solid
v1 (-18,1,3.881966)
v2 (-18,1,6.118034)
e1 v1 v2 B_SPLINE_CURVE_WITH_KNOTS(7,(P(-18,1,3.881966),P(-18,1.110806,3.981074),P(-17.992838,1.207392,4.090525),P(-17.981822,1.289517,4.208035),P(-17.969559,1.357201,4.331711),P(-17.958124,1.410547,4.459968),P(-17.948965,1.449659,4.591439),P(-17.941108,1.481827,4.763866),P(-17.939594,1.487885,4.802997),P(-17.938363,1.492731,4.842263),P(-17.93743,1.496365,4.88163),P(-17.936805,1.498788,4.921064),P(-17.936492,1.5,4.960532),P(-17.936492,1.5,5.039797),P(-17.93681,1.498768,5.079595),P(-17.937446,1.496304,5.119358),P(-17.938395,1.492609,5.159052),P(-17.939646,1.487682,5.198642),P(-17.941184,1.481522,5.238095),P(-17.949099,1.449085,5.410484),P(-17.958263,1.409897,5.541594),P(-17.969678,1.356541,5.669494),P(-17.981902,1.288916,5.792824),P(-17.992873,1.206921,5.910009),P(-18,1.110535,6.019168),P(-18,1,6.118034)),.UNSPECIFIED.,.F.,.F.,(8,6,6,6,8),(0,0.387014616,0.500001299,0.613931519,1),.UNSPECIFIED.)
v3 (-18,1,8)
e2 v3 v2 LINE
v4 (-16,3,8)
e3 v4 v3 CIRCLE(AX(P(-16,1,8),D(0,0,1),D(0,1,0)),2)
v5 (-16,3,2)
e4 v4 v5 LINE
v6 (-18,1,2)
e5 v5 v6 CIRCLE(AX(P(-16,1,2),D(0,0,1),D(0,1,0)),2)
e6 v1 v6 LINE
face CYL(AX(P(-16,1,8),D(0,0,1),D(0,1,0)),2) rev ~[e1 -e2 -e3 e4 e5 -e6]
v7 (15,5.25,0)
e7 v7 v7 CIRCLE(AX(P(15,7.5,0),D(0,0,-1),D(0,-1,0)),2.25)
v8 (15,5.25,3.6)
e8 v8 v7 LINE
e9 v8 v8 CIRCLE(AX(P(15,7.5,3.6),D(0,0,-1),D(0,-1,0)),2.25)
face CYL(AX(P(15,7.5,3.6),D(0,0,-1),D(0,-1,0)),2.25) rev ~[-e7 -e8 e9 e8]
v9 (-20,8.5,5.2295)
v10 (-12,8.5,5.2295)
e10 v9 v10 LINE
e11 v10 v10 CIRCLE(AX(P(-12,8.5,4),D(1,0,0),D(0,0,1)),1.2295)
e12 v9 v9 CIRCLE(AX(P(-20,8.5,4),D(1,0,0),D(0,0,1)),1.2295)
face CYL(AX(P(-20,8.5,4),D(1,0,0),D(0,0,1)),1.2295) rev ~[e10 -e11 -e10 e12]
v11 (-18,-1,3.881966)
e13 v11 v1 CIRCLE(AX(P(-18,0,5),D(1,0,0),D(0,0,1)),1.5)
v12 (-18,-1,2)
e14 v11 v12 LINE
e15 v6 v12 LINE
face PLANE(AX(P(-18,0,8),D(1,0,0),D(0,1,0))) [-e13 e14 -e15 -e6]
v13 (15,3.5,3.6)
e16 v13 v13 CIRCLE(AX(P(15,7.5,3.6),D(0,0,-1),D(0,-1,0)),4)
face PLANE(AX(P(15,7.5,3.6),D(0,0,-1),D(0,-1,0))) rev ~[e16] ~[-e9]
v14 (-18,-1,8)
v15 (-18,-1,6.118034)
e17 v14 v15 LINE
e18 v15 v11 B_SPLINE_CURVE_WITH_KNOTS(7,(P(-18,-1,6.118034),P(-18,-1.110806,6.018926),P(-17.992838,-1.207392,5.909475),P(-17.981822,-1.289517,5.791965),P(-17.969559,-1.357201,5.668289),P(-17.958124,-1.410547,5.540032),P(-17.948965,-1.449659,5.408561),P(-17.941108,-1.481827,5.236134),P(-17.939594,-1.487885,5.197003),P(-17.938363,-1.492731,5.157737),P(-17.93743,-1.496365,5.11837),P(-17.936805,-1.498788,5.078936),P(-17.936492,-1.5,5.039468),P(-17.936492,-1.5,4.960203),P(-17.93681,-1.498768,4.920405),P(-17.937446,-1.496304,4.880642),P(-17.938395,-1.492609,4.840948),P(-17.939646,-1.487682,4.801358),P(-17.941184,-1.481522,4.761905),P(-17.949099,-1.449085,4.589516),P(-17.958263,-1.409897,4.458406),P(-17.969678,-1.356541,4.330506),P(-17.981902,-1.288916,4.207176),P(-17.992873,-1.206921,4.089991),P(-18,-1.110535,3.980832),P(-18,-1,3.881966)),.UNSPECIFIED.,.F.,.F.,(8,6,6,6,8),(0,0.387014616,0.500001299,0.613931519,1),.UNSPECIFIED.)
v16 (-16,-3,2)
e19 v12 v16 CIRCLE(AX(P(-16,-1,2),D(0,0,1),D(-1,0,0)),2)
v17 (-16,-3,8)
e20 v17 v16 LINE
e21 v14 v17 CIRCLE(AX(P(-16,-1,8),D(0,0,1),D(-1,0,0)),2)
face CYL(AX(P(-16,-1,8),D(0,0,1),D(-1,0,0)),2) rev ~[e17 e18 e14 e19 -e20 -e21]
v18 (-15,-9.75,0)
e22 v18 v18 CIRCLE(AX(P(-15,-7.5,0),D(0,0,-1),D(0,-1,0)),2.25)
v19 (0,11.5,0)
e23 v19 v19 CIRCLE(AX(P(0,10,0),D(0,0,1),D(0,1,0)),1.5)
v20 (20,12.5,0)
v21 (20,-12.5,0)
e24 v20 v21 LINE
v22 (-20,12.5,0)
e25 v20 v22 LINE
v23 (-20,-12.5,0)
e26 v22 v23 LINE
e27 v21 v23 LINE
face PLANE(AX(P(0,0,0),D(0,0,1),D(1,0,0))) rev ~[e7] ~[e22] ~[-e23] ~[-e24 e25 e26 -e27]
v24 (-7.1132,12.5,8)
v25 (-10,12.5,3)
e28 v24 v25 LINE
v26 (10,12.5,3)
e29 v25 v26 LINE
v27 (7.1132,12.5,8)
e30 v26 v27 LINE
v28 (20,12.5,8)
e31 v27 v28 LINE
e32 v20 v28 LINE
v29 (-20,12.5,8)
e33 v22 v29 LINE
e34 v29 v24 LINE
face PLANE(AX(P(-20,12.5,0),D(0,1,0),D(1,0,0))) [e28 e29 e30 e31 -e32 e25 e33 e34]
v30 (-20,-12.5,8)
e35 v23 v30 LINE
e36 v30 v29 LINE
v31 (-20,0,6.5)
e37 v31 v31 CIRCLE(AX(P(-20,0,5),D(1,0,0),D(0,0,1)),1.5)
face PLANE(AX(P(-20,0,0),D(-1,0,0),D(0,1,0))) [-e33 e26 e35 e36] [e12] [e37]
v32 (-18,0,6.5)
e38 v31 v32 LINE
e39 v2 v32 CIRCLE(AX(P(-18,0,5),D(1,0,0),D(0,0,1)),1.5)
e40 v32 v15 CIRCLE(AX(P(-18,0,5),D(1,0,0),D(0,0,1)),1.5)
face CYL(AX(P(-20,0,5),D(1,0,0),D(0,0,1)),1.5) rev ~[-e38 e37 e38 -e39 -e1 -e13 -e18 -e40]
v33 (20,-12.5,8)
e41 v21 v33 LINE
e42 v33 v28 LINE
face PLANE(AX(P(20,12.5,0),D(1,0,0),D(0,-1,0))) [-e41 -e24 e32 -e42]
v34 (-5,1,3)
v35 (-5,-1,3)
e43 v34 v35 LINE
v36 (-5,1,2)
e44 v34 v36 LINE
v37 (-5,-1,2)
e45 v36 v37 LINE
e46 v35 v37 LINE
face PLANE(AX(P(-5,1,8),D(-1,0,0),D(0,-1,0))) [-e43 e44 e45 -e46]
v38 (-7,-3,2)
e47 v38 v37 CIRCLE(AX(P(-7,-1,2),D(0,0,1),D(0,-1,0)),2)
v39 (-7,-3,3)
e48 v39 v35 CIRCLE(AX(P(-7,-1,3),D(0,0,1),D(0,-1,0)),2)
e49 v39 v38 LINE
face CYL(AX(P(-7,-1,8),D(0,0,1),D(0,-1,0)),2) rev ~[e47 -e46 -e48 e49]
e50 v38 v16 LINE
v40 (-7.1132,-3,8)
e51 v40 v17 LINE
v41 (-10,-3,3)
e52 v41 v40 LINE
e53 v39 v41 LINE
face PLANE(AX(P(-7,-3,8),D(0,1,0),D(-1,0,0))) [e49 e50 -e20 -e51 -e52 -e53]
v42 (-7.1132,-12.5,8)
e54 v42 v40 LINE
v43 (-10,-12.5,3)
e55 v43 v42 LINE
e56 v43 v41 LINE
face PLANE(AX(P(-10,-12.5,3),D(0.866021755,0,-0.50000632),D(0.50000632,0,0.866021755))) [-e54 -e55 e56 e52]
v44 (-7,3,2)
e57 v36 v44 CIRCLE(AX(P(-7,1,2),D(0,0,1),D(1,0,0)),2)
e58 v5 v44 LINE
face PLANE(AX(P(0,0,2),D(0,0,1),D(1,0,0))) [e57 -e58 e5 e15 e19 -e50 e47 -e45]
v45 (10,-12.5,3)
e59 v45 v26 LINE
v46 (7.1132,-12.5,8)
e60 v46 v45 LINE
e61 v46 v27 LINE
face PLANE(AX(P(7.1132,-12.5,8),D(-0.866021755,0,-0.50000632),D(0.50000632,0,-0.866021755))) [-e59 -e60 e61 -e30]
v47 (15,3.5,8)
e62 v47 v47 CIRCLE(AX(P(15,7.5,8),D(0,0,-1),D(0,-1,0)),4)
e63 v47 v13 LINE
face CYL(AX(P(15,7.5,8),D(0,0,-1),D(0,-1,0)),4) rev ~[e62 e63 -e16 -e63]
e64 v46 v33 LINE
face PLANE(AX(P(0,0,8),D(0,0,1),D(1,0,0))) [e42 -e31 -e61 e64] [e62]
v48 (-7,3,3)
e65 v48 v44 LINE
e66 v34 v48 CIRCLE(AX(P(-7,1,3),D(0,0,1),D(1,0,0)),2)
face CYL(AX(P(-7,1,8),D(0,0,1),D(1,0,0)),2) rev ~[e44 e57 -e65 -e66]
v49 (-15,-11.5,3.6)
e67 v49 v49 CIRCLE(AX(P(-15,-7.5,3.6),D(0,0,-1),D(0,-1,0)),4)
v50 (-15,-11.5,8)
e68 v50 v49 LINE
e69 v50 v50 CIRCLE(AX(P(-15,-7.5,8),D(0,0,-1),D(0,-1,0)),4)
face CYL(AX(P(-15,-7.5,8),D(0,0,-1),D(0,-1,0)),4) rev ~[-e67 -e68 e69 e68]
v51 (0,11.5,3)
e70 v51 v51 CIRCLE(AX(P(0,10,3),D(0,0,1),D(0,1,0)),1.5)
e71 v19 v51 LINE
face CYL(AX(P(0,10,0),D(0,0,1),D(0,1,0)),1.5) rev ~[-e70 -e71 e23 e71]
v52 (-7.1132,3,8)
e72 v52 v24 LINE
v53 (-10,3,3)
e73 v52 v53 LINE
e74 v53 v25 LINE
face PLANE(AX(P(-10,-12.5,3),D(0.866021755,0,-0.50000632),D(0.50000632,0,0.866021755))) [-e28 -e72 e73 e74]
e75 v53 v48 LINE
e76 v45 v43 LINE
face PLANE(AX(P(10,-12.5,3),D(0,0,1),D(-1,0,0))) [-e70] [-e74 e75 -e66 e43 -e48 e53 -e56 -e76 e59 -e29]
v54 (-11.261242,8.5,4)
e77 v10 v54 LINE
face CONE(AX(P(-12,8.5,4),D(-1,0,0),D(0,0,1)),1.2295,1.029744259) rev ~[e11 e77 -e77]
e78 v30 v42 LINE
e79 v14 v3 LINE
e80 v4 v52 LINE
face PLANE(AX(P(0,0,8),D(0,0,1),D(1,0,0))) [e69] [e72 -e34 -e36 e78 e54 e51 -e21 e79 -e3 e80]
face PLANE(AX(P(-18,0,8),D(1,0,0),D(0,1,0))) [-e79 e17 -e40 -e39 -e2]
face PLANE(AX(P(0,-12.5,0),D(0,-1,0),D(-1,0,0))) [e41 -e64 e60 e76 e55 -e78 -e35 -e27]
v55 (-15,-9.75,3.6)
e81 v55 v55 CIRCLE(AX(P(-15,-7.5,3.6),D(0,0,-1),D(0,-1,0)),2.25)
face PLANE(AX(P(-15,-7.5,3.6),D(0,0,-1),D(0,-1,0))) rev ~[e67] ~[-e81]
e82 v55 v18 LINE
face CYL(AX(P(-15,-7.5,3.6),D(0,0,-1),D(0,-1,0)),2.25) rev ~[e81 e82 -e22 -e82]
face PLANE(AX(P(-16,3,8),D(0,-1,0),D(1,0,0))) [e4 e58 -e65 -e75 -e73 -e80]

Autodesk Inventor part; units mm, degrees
ref_plane "YZ Plane" through (0, 0, 0) normal (1, 0, 0) x (0, 1, 0)
ref_plane "XZ Plane" through (0, 0, 0) normal (0, 1, 0) x (-1, 0, 0)
ref_plane "XY Plane" through (0, 0, 0) normal (0, 0, 1) x (1, 0, 0)
sketch "Skizze1" plane through (0, 0, 0) normal (0, 0, 1) x (1, 0, 0)
  line L0 (-20, 12.5) -> (20, 12.5)
  line L1 (20, 12.5) -> (20, -12.5)
  line L2 (20, -12.5) -> (-20, -12.5)
  line L3 (-20, -12.5) -> (-20, 12.5)
  line L4 (-28, 0) -> (28, 0) projected
  line L5 (0, -17.5) -> (0, 17.5) projected
  point P0 (0, 0)
  dimension "d0" = 40
  dimension "d1" = 25
extrude "Extrusion1" add sketch "Skizze1" along normal blind 8
sketch "Skizze2" plane through (0, 0, 8) normal (0, 0, 1) x (1, 0, 0)
  line L0 (-28, 0) -> (28, 0) projected
  line L1 (0, -17.5) -> (0, 17.5) projected
  line L2 (-15, 7.5) -> (15, 7.5)
  line L3 (15, 7.5) -> (15, -7.5)
  line L4 (15, -7.5) -> (-15, -7.5)
  line L5 (-15, -7.5) -> (-15, 7.5)
  point P0 (0, 0)
  dimension "d4" = 15
  dimension "d5" = 30
hole "Bohrung1" at (-15, -7.5, 8) at (15, 7.5, 8) direction (0, 0, -1) diameter 4.5 end through all counterbore diameter 8 counterbore depth 4.4
sketch "Skizze5" plane through (-20, -12.5, 0) normal (0, -1, 0) x (1, 0, 0)
  line L0 (40, 8) -> (0, 8) projected
  line L1 (-8, 0) -> (48, 0) projected
  line L2 (20, -1.6) -> (20, 9.6) projected
  line L3 (12.8868, 8) -> (27.1132, 8)
  line L4 (27.1132, 8) -> (30, 3)
  line L5 (30, 3) -> (10, 3)
  line L6 (10, 3) -> (12.8868, 8)
  point P0 (20, 0)
  dimension "d37" = 5
  dimension "d38" = 60
  dimension "d39" = 20
extrude "Extrusion2" cut sketch "Skizze5" against normal through all
sketch "Skizze6" plane through (0, 0, 0) normal (0, 0, -1) x (-1, 0, 0)
  line L0 (28, 0) -> (-28, 0) projected
  line L1 (0, -17.5) -> (0, 17.5) projected
  point P0 (0, 0)
  point P1 (0, 10)
  dimension "d42" = 10
hole "Bohrung5" at (0, 10, 0) direction (0, 0, 1) diameter 3 end through all
sketch "Skizze7" plane through (0, 0, 8) normal (0, 0, 1) x (1, 0, 0)
  line L0 (-20, -12.5) -> (-20, 12.5) projected
  line L1 (-28, 0) -> (28, 0) projected
  line L2 (0, -17.5) -> (0, 17.5) projected
  line L3 (-16, 3) -> (-7, 3)
  line L4 (-5, 1) -> (-5, -1)
  line L5 (-7, -3) -> (-16, -3)
  line L6 (-18, -1) -> (-18, 1)
  arc A0 (-16, 3) -> (-18, 1) centre (-16, 1) ccw
  arc A1 (-18, -1) -> (-16, -3) centre (-16, -1) ccw
  arc A2 (-7, -3) -> (-5, -1) centre (-7, -1) ccw
  arc A3 (-5, 1) -> (-7, 3) centre (-7, 1) ccw
  point P0 (0, 0)
  dimension "d53" = 2
  dimension "d54" = 15
  dimension "d55" = 13
  dimension "d56" = 2
  dimension "d57" = 6
extrude "Extrusion3" cut sketch "Skizze7" against normal blind 6
sketch "Skizze8" plane through (-20, -12.5, 0) normal (-1, 0, 0) x (0, 0, 1)
  line L0 (8, 0) -> (8, 25) projected
  line L1 (8, 15.5) -> (3, 15.5) projected
  line L2 (8, 15.5) -> (2, 15.5) projected
  line L3 (3, 15.5) -> (2, 15.5) projected
  line L4 (3.6, 1) -> (3.6, 9) projected
  line L5 (3, 9.5) -> (2, 9.5) projected
  line L6 (8, 9.5) -> (2, 9.5) projected
  line L7 (3, 9.5) -> (8, 9.5) projected
  line L8 (0, -5) -> (0, 30) projected
  line L9 (-1.6, 12.5) -> (9.6, 12.5) projected
  point P0 (0, 12.5)
  point P1 (5, 12.5)
  dimension "d60" = 3
hole "Bohrung6" at (-20, 0, 5) direction (1, 0, 0) diameter 3 depth 3 tip angle 118
hole "Bohrung7" at (-20, 8.5, 4) direction (1, 0, 0) diameter 2.459 depth 8 tip angle 118 thread size "M3x0.5" class "6H" standard "ISO Metric profile"
properties part number "13_1087_032"
